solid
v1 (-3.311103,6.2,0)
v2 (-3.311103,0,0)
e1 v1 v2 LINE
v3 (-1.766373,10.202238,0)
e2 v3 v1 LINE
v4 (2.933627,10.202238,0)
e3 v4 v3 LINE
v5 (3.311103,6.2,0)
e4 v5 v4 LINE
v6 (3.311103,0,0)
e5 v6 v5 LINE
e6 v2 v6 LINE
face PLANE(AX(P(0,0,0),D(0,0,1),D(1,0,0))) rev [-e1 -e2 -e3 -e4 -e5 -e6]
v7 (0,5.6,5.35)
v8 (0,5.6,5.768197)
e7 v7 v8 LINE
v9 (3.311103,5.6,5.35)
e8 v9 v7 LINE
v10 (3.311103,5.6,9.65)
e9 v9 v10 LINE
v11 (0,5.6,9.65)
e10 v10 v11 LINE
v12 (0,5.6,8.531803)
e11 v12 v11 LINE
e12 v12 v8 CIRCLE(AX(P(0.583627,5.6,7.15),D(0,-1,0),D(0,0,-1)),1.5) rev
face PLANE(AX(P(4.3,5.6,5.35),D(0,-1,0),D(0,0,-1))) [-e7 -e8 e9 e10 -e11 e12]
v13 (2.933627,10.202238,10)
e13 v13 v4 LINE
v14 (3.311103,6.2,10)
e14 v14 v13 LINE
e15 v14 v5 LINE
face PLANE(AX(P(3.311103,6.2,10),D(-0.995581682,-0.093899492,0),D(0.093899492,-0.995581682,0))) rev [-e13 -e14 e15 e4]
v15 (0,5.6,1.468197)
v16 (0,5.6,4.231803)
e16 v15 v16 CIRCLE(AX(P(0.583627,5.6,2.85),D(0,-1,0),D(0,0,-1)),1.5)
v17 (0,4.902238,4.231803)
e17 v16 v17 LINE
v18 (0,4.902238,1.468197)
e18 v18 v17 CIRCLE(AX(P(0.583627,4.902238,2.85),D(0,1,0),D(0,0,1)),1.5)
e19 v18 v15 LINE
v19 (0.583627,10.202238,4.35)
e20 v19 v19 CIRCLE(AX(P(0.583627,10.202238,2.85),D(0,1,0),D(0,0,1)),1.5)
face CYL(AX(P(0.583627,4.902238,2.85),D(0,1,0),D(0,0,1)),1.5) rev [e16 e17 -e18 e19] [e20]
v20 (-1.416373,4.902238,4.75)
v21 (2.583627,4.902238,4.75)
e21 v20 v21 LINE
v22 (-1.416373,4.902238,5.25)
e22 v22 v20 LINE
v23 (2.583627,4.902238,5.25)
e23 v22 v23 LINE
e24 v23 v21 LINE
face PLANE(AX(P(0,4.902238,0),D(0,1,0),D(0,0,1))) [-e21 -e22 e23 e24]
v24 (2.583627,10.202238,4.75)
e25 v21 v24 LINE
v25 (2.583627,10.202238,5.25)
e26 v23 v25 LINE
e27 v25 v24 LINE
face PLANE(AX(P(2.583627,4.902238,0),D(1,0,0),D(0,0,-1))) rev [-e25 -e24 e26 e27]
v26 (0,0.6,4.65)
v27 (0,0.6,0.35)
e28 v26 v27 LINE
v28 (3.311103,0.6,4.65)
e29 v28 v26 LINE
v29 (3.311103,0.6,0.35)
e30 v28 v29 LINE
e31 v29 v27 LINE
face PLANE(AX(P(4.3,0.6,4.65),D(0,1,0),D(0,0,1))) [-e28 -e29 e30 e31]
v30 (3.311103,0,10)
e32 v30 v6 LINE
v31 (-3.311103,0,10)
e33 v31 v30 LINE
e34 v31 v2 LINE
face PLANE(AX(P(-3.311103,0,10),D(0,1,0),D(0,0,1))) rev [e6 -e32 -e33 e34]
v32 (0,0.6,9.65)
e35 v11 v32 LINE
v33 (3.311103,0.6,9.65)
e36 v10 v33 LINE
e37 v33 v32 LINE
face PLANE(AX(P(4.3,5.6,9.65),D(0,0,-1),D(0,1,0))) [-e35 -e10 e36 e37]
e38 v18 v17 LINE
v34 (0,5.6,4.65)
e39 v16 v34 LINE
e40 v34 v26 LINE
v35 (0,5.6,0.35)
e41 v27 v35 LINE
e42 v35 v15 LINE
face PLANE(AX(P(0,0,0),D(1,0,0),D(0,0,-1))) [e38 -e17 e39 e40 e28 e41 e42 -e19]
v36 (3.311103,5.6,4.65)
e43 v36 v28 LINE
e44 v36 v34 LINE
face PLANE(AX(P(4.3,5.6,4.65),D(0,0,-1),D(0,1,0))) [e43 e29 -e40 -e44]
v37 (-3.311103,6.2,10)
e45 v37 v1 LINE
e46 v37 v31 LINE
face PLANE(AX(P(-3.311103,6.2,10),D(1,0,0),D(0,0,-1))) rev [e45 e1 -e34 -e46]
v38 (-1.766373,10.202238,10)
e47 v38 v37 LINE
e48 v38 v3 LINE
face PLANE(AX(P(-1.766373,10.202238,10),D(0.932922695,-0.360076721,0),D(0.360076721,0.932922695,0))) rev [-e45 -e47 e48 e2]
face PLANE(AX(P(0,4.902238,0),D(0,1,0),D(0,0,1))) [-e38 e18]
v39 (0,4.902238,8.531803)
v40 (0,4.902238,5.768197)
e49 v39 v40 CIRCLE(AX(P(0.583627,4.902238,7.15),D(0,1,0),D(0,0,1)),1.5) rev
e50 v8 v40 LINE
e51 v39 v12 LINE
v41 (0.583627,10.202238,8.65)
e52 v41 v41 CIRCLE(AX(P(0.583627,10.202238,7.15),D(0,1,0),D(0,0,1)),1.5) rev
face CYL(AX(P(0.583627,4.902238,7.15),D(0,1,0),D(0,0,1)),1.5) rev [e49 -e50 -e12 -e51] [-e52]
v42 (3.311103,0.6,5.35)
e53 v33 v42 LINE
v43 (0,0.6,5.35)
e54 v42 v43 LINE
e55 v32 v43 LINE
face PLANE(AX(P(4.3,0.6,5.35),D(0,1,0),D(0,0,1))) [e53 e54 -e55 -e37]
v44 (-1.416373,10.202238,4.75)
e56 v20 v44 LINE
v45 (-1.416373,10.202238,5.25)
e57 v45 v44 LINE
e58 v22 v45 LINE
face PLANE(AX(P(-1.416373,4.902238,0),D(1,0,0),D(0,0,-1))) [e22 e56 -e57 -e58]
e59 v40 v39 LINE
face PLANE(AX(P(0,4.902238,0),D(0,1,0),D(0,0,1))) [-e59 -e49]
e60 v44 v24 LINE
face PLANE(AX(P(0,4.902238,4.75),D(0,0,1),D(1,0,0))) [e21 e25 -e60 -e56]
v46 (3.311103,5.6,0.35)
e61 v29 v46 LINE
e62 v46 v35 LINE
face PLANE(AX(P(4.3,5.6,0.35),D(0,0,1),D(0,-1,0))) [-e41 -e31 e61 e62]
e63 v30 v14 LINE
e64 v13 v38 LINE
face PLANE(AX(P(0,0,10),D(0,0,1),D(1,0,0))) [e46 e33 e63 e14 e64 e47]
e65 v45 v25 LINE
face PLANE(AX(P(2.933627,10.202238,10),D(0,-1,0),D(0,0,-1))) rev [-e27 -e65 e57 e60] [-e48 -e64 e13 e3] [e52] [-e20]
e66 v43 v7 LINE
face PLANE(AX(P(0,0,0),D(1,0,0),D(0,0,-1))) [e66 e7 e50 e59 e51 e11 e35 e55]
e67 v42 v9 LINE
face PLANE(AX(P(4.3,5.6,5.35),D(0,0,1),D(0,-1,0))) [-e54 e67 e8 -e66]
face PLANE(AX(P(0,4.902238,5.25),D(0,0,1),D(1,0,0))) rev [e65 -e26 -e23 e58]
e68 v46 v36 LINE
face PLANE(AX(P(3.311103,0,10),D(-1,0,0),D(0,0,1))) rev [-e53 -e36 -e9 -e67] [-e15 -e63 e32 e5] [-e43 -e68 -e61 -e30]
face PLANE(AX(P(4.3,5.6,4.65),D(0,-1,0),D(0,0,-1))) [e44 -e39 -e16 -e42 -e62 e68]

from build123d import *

# Parameters (mm, degrees)
BOSS_EXTRUDE2_DEPTH = 10
SKETCH3_W           = 4.3
SKETCH3_H           = 5
CUT_EXTRUDE3_DEPTH  = 4.3
SKETCH5_R           = 1.5
SKETCH5_W           = 4
SKETCH5_H           = 0.25
CUT_EXTRUDE4_DEPTH  = 5.3


with BuildPart() as part:
    # Sketch2 → Boss-Extrude2 (new body)
    with BuildSketch(Plane.XY):
        Polygon((-3.311102547, 0), (3.311102547, 0), (3.311102547, 6.2), (2.933626588, 10.202238361), (-1.766373412, 10.202238361), (-3.311102547, 6.2), align=None)
    extrude(amount=BOSS_EXTRUDE2_DEPTH)

    # Sketch3 → Cut-Extrude3 (cut)
    with BuildSketch(Plane(origin=(0, 0, 0), x_dir=(0, 0, -1), z_dir=(1, 0, 0))):
        with Locations((-2.5, 3.1)):
            Rectangle(SKETCH3_W, SKETCH3_H)
        with Locations((-7.5, 3.1)):
            Rectangle(SKETCH3_W, SKETCH3_H)
    extrude(amount=CUT_EXTRUDE3_DEPTH, mode=Mode.SUBTRACT)

    # Sketch5 → Cut-Extrude4 (cut)
    with BuildSketch(Plane(origin=(0, 10.202238361, 0), x_dir=(1, 0, 0), z_dir=(0, 1, 0))):
        with Locations((0.583626588, -7.15)):
            Circle(SKETCH5_R)
        with Locations((0.583626588, -5.125)):
            Rectangle(SKETCH5_W, SKETCH5_H)
        with Locations((0.583626588, -4.875)):
            Rectangle(SKETCH5_W, SKETCH5_H)
        with Locations((0.583626588, -2.85)):
            Circle(SKETCH5_R)
    extrude(amount=-CUT_EXTRUDE4_DEPTH, mode=Mode.SUBTRACT)


solid = part.part
